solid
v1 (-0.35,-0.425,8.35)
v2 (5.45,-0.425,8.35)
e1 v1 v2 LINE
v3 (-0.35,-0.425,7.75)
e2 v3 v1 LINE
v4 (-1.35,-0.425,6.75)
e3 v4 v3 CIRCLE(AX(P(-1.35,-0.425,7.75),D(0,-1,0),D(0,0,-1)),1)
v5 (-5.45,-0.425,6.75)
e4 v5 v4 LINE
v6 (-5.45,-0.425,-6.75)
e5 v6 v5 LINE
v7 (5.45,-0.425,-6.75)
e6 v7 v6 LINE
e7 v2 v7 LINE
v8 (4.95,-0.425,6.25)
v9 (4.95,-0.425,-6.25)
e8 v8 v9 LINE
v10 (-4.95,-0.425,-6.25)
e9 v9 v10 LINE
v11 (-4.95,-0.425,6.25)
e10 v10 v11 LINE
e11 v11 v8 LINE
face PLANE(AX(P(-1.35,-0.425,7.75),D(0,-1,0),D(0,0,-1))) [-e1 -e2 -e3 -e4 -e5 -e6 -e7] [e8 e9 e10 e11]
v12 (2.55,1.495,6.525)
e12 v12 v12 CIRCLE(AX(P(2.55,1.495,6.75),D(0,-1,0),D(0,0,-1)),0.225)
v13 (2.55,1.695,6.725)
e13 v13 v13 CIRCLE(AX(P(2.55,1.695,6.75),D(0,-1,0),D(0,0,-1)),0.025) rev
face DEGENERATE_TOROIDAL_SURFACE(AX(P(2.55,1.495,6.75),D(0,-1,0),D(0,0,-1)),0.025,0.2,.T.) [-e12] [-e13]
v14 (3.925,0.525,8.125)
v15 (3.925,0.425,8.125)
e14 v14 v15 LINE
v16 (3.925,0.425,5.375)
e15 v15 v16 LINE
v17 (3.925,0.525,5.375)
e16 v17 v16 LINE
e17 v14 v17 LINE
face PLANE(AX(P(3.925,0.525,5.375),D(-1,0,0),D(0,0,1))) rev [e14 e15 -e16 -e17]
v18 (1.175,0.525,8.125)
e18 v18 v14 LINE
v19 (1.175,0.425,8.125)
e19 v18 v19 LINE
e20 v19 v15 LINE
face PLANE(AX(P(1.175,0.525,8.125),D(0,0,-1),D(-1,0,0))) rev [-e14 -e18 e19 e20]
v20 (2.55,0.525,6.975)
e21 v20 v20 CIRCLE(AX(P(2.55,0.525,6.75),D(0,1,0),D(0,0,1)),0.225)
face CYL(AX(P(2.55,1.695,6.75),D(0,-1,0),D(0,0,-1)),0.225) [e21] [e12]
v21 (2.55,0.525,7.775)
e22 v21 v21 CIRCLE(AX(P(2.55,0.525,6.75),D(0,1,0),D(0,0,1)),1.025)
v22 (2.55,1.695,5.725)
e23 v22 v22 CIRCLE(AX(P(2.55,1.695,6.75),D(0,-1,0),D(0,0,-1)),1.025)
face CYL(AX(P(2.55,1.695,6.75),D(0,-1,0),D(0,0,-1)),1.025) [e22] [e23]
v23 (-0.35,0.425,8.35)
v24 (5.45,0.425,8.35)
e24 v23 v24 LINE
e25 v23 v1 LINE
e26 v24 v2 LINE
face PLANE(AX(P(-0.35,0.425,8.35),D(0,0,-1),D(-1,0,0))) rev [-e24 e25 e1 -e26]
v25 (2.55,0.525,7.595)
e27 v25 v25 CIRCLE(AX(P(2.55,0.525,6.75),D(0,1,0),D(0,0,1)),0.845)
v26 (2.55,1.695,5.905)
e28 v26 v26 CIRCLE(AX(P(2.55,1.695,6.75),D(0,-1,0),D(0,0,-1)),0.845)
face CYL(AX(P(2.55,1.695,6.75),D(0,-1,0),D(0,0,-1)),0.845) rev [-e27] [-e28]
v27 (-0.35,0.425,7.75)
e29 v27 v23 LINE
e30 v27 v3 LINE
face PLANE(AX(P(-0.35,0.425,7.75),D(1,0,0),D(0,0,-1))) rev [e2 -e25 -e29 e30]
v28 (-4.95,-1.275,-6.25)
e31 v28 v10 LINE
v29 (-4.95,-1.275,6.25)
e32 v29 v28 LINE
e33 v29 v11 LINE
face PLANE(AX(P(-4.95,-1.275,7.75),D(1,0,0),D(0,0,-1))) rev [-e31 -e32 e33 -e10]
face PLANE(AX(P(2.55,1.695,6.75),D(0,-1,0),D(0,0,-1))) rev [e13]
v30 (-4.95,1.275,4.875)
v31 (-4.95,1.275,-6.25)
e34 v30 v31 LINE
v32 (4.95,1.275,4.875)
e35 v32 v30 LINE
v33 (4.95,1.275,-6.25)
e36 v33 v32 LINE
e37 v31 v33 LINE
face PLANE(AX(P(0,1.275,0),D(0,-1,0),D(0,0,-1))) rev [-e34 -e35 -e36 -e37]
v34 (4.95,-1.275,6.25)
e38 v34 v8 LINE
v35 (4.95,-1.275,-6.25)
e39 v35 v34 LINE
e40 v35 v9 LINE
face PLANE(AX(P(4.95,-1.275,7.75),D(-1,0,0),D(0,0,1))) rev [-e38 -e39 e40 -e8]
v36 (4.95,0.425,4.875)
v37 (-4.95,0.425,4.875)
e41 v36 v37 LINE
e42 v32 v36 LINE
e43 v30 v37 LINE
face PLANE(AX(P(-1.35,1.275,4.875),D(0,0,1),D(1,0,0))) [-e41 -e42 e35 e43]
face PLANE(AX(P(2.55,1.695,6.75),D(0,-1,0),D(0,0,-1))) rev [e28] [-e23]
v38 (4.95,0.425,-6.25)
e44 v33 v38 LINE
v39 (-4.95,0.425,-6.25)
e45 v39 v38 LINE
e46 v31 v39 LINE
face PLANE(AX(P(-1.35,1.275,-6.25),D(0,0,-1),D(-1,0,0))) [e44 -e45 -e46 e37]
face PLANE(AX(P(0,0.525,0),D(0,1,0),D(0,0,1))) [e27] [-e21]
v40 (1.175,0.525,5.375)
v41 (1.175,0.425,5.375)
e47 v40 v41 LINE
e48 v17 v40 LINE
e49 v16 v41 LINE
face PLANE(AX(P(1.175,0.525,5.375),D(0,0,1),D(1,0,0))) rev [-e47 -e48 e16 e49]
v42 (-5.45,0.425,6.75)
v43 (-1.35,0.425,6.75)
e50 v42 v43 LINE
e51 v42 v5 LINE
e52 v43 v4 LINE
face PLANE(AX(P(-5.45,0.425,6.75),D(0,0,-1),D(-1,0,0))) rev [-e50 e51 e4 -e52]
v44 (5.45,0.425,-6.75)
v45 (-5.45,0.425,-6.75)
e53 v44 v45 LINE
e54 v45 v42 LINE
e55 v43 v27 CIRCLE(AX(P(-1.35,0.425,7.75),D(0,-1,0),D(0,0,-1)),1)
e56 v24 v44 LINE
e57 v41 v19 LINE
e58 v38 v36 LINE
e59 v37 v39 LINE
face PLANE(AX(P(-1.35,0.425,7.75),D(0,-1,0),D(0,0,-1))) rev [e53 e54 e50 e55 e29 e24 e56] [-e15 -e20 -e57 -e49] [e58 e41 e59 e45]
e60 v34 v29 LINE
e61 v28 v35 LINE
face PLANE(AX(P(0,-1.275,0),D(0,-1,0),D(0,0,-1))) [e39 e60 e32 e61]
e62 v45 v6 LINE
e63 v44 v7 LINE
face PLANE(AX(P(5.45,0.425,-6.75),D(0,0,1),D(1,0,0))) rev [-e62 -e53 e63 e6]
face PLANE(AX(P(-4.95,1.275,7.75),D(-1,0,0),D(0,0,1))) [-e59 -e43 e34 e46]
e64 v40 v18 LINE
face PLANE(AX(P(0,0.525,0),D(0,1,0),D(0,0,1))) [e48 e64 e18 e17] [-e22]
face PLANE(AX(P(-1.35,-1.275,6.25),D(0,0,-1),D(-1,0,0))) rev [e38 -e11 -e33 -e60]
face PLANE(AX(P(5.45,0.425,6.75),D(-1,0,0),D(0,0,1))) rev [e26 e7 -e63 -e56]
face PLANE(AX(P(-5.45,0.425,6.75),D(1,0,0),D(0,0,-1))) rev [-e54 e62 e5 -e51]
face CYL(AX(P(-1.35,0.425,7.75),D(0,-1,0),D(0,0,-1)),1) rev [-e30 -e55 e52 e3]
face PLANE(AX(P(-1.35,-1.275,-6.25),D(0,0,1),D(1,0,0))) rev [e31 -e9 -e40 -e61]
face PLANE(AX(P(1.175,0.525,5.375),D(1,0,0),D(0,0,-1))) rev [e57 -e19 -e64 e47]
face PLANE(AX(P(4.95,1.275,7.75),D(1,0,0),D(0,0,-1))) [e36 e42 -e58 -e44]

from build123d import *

# Parameters (mm, degrees)
BOSS_EXTRUDE1_DEPTH = 0.425
SKETCH2_W           = 2.75
SKETCH2_H           = 2.75
BOSS_EXTRUDE2_DEPTH = 0.1
BOSS_EXTRUDE3_START = -0.95
SKETCH3_R           = 1.025
SKETCH3_R_2         = 0.845
SKETCH3_R_3         = 0.225
BOSS_EXTRUDE3_DEPTH = 2.12
FILLET1_R           = 0.2
BOSS_EXTRUDE4_START = -0.85
SKETCH4_W           = 9.9
SKETCH4_H           = 12.5
BOSS_EXTRUDE4_DEPTH = 1.7
BOSS_EXTRUDE5_START = -0.85
SKETCH5_W           = 9.9
SKETCH5_H           = 11.125
BOSS_EXTRUDE5_DEPTH = 1.7


with BuildPart() as part:
    # Sketch1 → Boss-Extrude1 (new body, symmetric)
    with BuildSketch(Plane(origin=(0, 0, 0), x_dir=(1, 0, 0), z_dir=(0, 1, 0))):
        with BuildLine():
            Line((-5.45, -6.75), (-1.35, -6.75))
            ThreePointArc((-1.35, -6.75), (-0.642893219, -7.042893219), (-0.35, -7.75))
            Line((-0.35, -7.75), (-0.35, -8.35))
            Line((-0.35, -8.35), (5.45, -8.35))
            Line((5.45, -8.35), (5.45, -6.75))
            Line((5.45, -6.75), (5.45, 6.75))
            Line((5.45, 6.75), (-5.45, 6.75))
            Line((-5.45, 6.75), (-5.45, -6.75))
        make_face()
    extrude(amount=BOSS_EXTRUDE1_DEPTH, both=True)

    # Sketch2 → Boss-Extrude2 (add)
    with BuildSketch(Plane(origin=(0, 0.425, 0), x_dir=(1, 0, 0), z_dir=(0, 1, 0))):
        with Locations((2.55, -6.75)):
            Rectangle(SKETCH2_W, SKETCH2_H)
    extrude(amount=BOSS_EXTRUDE2_DEPTH)

    # Sketch3 → Boss-Extrude3 (add)
    with BuildSketch(Plane(origin=(0, 0.525, 0), x_dir=(1, 0, 0), z_dir=(0, 1, 0)).offset(BOSS_EXTRUDE3_START)):
        with Locations((2.55, -6.75)):
            Circle(SKETCH3_R)
        with Locations((2.55, -6.75)):
            Circle(SKETCH3_R_2, mode=Mode.SUBTRACT)
        with Locations((2.55, -6.75)):
            Circle(SKETCH3_R_3)
    extrude(amount=BOSS_EXTRUDE3_DEPTH)

    # Fillet1
    fillet1_edges = [part.edges().sort_by_distance(p)[0] for p in [
        (2.325, 1.695, 6.75),
    ]]
    fillet(fillet1_edges, radius=FILLET1_R)

    # Sketch4 → Boss-Extrude4 (add)
    with BuildSketch(Plane.XZ.offset(0.425).offset(BOSS_EXTRUDE4_START)):
        Rectangle(SKETCH4_W, SKETCH4_H)
    extrude(amount=BOSS_EXTRUDE4_DEPTH)

    # Sketch5 → Boss-Extrude5 (add)
    with BuildSketch(Plane(origin=(0, 0.425, 0), x_dir=(1, 0, 0), z_dir=(0, 1, 0)).offset(BOSS_EXTRUDE5_START)):
        with Locations((0, 0.6875)):
            Rectangle(SKETCH5_W, SKETCH5_H)
    extrude(amount=BOSS_EXTRUDE5_DEPTH)


solid = part.part
